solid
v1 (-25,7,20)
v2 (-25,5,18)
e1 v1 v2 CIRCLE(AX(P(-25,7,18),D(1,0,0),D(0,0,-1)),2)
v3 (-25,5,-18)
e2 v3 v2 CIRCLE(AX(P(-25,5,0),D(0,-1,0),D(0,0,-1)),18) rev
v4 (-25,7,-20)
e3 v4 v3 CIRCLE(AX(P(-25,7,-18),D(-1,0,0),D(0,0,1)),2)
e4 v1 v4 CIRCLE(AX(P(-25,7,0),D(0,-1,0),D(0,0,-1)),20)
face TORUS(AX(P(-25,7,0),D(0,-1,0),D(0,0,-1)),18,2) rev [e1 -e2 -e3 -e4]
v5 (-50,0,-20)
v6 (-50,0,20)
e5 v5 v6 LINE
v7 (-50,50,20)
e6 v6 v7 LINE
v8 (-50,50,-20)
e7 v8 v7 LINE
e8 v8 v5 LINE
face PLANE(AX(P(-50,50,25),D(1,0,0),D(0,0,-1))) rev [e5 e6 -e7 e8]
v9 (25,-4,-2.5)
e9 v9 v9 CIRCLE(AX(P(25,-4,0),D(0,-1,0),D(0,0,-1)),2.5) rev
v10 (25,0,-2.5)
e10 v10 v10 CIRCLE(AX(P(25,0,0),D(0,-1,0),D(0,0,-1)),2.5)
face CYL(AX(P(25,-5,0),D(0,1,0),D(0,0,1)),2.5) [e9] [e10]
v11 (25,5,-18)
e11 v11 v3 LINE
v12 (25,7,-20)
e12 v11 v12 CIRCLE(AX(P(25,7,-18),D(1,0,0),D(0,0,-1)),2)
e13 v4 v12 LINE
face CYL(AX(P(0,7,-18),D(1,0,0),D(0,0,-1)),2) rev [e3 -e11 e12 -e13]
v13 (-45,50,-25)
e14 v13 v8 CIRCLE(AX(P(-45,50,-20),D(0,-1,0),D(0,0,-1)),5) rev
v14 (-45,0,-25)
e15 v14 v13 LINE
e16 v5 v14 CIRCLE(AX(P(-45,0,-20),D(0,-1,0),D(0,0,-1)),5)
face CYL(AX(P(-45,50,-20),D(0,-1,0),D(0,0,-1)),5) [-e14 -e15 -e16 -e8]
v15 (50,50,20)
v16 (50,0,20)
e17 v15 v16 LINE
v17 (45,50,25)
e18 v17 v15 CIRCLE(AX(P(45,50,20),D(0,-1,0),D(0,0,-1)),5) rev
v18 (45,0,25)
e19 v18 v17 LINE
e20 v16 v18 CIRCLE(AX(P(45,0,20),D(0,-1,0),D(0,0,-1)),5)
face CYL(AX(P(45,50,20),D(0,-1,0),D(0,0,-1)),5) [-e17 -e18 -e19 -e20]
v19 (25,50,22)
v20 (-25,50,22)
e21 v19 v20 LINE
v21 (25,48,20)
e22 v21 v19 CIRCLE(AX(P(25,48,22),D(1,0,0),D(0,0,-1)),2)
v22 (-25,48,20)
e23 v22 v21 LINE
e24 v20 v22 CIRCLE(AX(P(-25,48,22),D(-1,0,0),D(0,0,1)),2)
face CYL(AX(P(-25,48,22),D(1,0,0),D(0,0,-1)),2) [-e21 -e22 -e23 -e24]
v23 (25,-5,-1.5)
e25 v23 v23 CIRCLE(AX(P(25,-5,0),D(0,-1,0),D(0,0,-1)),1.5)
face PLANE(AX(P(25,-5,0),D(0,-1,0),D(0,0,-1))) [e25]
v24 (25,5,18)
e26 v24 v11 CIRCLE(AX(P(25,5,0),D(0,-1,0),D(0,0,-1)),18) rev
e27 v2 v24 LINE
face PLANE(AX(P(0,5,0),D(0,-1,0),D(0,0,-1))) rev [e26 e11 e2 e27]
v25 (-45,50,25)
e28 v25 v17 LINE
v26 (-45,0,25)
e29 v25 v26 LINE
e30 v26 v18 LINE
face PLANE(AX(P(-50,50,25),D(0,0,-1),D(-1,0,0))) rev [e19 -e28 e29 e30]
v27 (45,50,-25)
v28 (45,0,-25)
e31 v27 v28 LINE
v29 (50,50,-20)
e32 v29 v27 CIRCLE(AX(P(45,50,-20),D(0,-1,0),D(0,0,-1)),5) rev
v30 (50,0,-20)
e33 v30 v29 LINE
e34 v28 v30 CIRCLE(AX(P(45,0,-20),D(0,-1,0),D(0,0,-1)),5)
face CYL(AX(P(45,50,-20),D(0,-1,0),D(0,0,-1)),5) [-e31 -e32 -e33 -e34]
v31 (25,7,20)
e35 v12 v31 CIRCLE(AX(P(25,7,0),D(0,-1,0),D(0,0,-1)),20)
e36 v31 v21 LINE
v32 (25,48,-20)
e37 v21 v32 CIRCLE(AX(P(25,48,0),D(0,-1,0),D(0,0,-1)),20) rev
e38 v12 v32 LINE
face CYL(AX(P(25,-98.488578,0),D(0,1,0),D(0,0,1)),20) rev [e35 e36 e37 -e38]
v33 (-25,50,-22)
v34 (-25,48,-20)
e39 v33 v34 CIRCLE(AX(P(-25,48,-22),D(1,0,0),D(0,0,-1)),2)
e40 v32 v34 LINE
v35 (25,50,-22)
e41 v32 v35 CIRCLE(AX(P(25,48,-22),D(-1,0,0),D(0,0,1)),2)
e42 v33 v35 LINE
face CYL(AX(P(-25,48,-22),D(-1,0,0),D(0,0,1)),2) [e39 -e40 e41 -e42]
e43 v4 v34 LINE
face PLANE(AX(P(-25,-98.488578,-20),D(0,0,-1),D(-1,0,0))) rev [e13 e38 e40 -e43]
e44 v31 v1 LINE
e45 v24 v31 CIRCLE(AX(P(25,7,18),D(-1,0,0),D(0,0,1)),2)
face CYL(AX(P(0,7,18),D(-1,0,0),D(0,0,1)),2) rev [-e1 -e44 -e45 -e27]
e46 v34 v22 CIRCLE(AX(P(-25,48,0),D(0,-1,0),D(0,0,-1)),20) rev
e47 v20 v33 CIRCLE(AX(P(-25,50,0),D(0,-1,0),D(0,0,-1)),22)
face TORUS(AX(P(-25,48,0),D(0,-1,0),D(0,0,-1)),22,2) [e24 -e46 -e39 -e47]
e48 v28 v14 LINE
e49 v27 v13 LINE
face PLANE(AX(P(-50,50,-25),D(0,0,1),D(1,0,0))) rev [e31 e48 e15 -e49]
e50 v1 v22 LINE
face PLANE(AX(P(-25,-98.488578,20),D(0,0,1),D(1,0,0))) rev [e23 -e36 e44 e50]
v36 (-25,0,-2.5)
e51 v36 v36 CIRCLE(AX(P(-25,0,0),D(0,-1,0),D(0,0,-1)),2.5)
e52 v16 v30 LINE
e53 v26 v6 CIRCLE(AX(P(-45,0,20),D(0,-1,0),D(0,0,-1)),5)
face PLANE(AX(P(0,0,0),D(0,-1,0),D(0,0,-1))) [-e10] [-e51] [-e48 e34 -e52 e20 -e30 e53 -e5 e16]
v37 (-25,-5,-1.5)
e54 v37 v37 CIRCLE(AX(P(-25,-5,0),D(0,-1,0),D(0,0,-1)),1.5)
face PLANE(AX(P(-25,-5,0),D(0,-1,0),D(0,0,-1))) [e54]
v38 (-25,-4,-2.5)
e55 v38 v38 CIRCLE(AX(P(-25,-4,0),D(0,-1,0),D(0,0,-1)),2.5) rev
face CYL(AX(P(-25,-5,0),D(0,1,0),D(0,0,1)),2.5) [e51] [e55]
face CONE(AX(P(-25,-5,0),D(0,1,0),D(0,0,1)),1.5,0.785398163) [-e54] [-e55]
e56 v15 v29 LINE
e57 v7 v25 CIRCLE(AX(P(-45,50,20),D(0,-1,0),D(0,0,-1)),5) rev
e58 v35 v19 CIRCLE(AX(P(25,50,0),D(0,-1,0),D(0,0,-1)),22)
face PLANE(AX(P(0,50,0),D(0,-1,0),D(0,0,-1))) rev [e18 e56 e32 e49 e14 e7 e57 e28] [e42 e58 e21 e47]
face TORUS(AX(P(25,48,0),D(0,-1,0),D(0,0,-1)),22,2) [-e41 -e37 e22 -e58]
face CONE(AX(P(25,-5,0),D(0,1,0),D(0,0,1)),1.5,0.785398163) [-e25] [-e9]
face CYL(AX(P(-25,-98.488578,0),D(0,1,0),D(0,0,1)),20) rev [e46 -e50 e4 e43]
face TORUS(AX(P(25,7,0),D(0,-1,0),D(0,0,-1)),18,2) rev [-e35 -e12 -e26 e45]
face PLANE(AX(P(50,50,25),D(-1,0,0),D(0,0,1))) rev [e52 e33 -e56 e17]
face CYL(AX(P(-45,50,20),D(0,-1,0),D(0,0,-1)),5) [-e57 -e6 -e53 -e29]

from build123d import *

# Parameters (mm, degrees)
SKETCH1_W           = 100
SKETCH1_H           = 50
BOSS_EXTRUDE1_DEPTH = 50
FILLET1_R           = 5
SKETCH2_R           = 2.5
BOSS_EXTRUDE2_DEPTH = 5
CHAMFER1_SIZE       = 1
CUT_EXTRUDE1_DEPTH  = 45
FILLET2_R           = 2


with BuildPart() as part:
    # Sketch1 → Boss-Extrude1 (new body)
    with BuildSketch(Plane(origin=(0, 0, 0), x_dir=(1, 0, 0), z_dir=(0, 1, 0))):
        Rectangle(SKETCH1_W, SKETCH1_H)
    extrude(amount=BOSS_EXTRUDE1_DEPTH)

    # Fillet1
    fillet1_edges = [part.edges().sort_by_distance(p)[0] for p in [
        (50, 25, 25),
        (-50, 25, 25),
        (-50, 25, -25),
        (50, 25, -25),
    ]]
    fillet(fillet1_edges, radius=FILLET1_R)

    # Sketch2 → Boss-Extrude2 (add)
    with BuildSketch(Plane.XZ):
        with Locations(Location((-25, 0, 0), (0, 0, 270))):
            Circle(SKETCH2_R)
        with Locations(Location((25, 0, 0), (0, 0, 270))):
            Circle(SKETCH2_R)
    extrude(amount=BOSS_EXTRUDE2_DEPTH)

    # Chamfer1
    chamfer1_edges = [part.edges().sort_by_distance(p)[0] for p in [
        (-25, -5, 2.5),
        (25, -5, 2.5),
    ]]
    chamfer(chamfer1_edges, length=CHAMFER1_SIZE)

    # Sketch3 → Cut-Extrude1 (cut)
    with BuildSketch(Plane(origin=(0, 50, 0), x_dir=(1, 0, 0), z_dir=(0, 1, 0))):
        with BuildLine():
            Line((-25, 20), (25, 20))
            ThreePointArc((25, 20), (45, 0), (25, -20))
            Line((25, -20), (-25, -20))
            ThreePointArc((-25, -20), (-45, 0), (-25, 20))
        make_face()
    extrude(amount=-CUT_EXTRUDE1_DEPTH, mode=Mode.SUBTRACT)

    # Fillet2
    fillet2_edges = [part.edges().sort_by_distance(p)[0] for p in [
        (-45, 50, 0),
        (0, 50, 20),
        (45, 50, 0),
        (0, 50, -20),
        (0, 5, 20),
        (45, 5, 0),
        (0, 5, -20),
        (-45, 5, 0),
    ]]
    fillet(fillet2_edges, radius=FILLET2_R)


solid = part.part
